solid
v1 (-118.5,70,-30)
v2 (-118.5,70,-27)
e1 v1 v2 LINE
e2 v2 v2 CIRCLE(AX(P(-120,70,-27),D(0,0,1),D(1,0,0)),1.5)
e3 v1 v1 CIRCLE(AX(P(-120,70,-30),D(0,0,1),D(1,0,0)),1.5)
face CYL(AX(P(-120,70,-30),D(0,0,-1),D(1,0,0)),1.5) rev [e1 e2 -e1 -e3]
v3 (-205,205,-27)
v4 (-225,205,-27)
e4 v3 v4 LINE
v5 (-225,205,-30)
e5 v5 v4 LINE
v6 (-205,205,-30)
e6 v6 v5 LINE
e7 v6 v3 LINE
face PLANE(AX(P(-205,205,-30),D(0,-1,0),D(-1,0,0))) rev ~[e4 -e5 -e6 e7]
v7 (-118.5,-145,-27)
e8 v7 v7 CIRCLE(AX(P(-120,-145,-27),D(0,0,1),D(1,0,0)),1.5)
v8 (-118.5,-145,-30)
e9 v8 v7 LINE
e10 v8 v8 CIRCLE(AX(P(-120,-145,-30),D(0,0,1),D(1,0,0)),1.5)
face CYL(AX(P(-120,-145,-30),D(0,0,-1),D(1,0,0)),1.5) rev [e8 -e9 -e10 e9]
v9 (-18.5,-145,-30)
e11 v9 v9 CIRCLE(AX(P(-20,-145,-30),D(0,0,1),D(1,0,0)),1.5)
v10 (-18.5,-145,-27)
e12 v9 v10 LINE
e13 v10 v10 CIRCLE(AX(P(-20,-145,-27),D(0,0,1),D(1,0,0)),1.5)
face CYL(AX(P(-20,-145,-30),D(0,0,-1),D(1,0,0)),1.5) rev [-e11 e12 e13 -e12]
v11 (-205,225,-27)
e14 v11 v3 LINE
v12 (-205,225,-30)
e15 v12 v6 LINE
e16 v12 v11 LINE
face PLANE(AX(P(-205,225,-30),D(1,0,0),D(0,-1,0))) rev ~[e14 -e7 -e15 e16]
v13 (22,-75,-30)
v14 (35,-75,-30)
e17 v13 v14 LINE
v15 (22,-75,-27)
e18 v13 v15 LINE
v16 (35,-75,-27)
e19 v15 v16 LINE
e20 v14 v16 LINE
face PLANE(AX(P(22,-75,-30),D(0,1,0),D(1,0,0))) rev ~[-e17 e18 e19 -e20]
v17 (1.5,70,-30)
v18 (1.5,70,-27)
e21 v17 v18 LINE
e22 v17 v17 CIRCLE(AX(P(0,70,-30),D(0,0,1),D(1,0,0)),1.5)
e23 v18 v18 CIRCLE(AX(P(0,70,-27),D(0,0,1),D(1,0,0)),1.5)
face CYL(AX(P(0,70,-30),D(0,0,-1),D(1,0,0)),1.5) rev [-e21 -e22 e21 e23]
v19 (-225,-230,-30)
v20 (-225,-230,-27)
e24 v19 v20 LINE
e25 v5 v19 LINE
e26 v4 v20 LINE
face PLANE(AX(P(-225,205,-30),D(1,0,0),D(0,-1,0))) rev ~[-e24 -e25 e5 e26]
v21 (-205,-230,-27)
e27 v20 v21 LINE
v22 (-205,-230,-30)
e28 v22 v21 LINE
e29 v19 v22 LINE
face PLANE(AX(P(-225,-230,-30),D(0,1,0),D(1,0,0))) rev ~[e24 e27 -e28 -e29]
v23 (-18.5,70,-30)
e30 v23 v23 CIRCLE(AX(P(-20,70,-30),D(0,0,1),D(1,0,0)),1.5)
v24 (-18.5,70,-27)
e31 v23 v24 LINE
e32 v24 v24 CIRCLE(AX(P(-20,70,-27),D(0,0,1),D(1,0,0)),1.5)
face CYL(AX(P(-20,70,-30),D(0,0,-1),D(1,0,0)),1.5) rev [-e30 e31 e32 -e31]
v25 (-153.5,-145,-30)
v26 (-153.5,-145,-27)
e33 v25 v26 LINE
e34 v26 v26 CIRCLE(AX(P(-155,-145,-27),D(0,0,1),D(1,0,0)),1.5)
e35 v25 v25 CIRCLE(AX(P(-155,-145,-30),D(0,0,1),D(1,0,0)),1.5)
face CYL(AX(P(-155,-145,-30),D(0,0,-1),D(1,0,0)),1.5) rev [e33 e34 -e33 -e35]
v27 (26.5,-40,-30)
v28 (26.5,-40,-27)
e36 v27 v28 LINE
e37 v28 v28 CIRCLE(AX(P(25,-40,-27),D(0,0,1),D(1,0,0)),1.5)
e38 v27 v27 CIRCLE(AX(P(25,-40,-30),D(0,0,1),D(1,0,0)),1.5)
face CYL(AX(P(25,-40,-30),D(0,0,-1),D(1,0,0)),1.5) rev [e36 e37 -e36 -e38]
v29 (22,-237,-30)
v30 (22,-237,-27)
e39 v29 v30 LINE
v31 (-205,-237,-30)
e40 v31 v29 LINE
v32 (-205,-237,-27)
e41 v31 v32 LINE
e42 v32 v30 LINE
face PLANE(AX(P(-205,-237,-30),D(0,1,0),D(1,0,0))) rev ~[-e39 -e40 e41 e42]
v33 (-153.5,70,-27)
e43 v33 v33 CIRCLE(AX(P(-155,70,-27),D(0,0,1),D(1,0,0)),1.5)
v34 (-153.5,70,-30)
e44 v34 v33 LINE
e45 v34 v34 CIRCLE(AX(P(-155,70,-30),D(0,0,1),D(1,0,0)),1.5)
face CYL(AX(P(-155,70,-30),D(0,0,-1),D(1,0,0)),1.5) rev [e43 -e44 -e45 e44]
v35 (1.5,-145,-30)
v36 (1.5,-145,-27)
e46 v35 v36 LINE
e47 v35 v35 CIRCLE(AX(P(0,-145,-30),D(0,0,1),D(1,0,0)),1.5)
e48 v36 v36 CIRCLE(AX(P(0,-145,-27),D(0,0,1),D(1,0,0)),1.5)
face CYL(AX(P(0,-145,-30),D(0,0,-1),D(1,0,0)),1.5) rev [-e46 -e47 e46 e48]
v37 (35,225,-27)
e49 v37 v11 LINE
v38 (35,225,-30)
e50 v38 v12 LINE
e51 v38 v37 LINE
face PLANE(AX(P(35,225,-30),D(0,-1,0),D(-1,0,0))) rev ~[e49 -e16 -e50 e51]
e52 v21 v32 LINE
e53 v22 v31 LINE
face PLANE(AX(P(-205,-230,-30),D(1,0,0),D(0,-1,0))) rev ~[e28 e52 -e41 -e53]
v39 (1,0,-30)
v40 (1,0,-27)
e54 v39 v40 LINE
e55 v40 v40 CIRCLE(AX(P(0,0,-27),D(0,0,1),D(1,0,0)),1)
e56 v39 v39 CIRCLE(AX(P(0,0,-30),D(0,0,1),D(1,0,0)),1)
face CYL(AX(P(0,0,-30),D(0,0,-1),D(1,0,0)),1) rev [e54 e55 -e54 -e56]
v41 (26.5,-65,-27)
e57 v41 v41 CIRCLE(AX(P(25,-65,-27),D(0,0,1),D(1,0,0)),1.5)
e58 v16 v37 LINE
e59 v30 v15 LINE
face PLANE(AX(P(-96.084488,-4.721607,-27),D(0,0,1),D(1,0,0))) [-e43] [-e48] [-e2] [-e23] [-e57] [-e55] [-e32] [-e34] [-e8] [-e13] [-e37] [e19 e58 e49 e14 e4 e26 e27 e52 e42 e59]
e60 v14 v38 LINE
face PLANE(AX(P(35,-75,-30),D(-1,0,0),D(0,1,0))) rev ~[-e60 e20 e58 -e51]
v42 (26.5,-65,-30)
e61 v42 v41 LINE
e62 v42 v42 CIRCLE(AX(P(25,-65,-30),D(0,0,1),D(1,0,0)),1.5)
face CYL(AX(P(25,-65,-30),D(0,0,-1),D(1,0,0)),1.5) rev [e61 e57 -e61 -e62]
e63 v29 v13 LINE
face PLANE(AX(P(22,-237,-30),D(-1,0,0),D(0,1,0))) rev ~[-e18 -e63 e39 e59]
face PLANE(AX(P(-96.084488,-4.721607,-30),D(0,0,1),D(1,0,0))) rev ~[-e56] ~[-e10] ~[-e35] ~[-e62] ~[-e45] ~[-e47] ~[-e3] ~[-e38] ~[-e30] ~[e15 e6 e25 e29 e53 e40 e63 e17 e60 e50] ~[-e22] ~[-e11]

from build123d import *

# Parameters (mm, degrees)
SKETCH020_R   = 1.5
SKETCH020_R_2 = 1
PAD034_DEPTH  = 3


with BuildPart() as part:
    # Sketch020 → Pad034 (new body)
    with BuildSketch(Plane.XY):
        Polygon((-205, -237), (22, -237), (22, -75), (35, -75), (35, 225), (-205, 225), (-205, 205), (-225, 205), (-225, -230), (-205, -230), align=None)
        with Locations((-155, 70)):
            Circle(SKETCH020_R, mode=Mode.SUBTRACT)
        with Locations((-120, 70)):
            Circle(SKETCH020_R, mode=Mode.SUBTRACT)
        with Locations((25, -40)):
            Circle(SKETCH020_R, mode=Mode.SUBTRACT)
        with Locations((25, -65)):
            Circle(SKETCH020_R, mode=Mode.SUBTRACT)
        with Locations((-120, -145)):
            Circle(SKETCH020_R, mode=Mode.SUBTRACT)
        with Locations((-155, -145)):
            Circle(SKETCH020_R, mode=Mode.SUBTRACT)
        Circle(SKETCH020_R_2, mode=Mode.SUBTRACT)
        with Locations((-20, 70)):
            Circle(SKETCH020_R, mode=Mode.SUBTRACT)
        with Locations((0, 70)):
            Circle(SKETCH020_R, mode=Mode.SUBTRACT)
        with Locations((-20, -145)):
            Circle(SKETCH020_R, mode=Mode.SUBTRACT)
        with Locations((0, -145)):
            Circle(SKETCH020_R, mode=Mode.SUBTRACT)
    extrude(amount=PAD034_DEPTH)


with BuildPart() as part_1:
    # Body035 placement: moved
    add(part.part.moved(Location((0, 0, -30))))


solid = part_1.part
